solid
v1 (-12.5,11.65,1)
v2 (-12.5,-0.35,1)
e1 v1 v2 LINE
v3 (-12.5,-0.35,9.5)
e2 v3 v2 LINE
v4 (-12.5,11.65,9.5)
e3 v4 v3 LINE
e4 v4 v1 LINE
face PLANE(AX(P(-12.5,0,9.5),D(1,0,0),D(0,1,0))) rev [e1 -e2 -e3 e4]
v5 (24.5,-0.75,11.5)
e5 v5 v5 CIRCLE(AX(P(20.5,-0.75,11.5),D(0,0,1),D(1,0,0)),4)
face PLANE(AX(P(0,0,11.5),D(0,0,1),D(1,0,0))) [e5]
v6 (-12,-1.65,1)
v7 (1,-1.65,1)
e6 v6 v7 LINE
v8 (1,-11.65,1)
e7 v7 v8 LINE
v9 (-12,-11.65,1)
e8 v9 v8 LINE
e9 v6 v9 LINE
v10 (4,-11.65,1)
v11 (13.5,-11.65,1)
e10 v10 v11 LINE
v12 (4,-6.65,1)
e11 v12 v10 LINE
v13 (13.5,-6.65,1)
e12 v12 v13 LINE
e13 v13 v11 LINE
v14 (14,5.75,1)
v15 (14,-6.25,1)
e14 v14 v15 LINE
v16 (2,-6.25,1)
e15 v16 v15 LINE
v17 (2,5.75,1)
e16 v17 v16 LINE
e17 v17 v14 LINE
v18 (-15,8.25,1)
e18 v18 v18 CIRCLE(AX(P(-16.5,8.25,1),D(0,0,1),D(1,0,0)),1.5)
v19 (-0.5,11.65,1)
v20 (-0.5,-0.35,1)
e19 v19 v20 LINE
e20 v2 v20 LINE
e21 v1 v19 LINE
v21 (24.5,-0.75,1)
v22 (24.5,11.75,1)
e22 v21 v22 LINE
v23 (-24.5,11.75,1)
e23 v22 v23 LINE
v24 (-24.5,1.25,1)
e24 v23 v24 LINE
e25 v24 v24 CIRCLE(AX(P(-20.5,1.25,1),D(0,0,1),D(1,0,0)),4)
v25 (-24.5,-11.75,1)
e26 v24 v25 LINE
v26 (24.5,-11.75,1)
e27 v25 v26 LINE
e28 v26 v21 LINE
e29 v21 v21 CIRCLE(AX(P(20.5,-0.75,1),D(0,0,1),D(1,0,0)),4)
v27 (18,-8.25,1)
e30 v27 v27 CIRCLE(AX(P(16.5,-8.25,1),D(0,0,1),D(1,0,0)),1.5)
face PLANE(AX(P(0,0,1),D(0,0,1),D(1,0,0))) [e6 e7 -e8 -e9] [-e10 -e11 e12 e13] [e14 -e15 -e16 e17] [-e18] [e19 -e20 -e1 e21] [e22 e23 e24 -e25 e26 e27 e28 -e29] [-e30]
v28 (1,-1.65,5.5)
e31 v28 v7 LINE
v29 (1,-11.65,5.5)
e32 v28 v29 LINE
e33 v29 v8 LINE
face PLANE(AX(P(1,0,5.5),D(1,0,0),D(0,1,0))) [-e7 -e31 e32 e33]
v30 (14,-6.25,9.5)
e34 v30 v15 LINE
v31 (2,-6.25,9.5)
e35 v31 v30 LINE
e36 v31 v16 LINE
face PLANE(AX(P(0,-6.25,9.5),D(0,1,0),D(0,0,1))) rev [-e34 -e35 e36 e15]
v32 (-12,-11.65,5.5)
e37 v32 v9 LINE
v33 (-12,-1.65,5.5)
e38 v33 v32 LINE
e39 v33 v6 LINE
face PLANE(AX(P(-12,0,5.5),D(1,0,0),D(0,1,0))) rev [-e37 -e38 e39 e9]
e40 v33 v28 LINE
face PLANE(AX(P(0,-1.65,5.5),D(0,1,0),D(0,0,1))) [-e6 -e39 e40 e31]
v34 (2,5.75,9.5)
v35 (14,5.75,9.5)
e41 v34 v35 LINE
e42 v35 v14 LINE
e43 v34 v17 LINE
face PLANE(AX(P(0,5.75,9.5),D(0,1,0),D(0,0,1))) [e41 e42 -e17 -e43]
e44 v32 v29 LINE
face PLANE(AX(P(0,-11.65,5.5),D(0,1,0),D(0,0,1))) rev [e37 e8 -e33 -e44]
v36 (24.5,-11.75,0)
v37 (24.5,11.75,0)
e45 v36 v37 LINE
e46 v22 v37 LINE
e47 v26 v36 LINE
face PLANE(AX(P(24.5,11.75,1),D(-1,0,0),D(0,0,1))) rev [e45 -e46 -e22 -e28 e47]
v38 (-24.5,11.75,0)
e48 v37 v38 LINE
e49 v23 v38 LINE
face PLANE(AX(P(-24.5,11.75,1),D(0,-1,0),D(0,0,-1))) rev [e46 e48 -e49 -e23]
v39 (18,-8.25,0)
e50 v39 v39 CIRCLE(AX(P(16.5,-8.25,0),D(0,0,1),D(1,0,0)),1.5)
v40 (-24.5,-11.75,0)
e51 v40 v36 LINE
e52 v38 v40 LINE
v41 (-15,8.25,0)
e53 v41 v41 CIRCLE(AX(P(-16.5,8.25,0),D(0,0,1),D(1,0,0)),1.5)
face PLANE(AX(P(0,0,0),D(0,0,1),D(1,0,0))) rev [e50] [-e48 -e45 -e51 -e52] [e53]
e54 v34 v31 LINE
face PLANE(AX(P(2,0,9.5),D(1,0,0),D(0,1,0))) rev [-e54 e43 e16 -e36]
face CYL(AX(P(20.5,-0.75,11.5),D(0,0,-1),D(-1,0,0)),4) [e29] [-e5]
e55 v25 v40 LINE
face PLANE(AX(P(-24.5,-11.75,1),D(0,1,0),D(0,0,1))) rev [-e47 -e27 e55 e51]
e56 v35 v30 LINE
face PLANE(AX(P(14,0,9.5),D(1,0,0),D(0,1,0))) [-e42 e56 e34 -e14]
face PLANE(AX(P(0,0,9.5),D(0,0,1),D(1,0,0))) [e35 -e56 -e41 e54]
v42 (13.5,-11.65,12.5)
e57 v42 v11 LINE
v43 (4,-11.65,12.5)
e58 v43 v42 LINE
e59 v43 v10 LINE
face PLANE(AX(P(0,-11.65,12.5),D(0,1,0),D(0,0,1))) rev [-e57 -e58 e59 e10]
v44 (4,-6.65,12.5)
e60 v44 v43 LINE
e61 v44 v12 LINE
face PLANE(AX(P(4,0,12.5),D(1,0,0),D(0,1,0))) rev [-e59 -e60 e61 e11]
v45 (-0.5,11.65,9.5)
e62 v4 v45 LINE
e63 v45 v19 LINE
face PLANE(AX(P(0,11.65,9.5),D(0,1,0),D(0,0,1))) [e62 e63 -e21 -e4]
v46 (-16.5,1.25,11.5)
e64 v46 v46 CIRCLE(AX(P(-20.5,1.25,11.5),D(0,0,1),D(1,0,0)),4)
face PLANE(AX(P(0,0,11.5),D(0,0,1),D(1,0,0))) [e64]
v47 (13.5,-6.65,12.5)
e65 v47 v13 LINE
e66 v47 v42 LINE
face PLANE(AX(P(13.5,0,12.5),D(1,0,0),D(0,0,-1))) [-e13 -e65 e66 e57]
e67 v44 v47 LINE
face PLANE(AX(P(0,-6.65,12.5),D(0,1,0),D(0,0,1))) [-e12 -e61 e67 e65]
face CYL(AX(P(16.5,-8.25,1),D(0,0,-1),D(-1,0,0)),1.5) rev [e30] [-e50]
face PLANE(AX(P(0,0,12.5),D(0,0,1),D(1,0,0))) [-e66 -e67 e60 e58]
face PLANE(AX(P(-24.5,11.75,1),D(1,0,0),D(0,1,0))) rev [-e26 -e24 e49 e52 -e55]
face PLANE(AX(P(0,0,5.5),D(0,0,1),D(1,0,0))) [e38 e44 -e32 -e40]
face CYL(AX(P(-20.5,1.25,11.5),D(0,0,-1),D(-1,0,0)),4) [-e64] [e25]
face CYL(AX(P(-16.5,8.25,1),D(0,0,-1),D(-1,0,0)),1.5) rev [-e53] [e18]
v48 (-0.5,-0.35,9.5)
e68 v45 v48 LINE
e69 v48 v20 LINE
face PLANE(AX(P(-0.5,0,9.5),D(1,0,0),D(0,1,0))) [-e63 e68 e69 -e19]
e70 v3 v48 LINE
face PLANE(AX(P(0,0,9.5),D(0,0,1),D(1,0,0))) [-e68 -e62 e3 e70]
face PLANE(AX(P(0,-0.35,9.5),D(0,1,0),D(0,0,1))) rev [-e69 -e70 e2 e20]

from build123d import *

# Parameters (mm, degrees)
SKETCH_1_W         = 49
SKETCH_1_H         = 23.5
SKETCH_1_R         = 1.5
EXTRUDE_512_DEPTH  = 1
SKETCH_2_R         = 4
EXTRUDE_1244_DEPTH = 10.5
SKETCH_2_3_W       = 9.5
SKETCH_2_3_H       = 5
EXTRUDE_1289_DEPTH = 11.5
SKETCH_2_5_W       = 12
SKETCH_2_5_H       = 12
EXTRUDE_1429_DEPTH = 8.5
SKETCH_2_6_W       = 13
SKETCH_2_6_H       = 10
EXTRUDE_1653_DEPTH = 4.5


with BuildPart() as part:
    # Эскиз1 → Extrude 512 (new body)
    with BuildSketch(Plane.XY):
        Rectangle(SKETCH_1_W, SKETCH_1_H)
        with Locations((-16.5, 8.25)):
            Circle(SKETCH_1_R, mode=Mode.SUBTRACT)
        with Locations((16.5, -8.25)):
            Circle(SKETCH_1_R, mode=Mode.SUBTRACT)
    extrude(amount=EXTRUDE_512_DEPTH)

    # Эскиз2 → Extrude 1244 (add)
    with BuildSketch(Plane.XY.offset(1)):
        with Locations((-20.5, 1.25)):
            Circle(SKETCH_2_R)
        with Locations((20.5, -0.75)):
            Circle(SKETCH_2_R)
    extrude(amount=EXTRUDE_1244_DEPTH)

    # Эскиз2<3> → Extrude 1289 (add)
    with BuildSketch(Plane.XY.offset(1)):
        with Locations((8.75, -9.15)):
            Rectangle(SKETCH_2_3_W, SKETCH_2_3_H)
    extrude(amount=EXTRUDE_1289_DEPTH)

    # Эскиз2<5> → Extrude 1429 (add)
    with BuildSketch(Plane.XY.offset(1)):
        with Locations((-6.5, 5.65)):
            Rectangle(SKETCH_2_5_W, SKETCH_2_5_H)
        with Locations((8, -0.25)):
            Rectangle(SKETCH_2_5_W, SKETCH_2_5_H)
    extrude(amount=EXTRUDE_1429_DEPTH)

    # Эскиз2<6> → Extrude 1653 (add)
    with BuildSketch(Plane.XY.offset(1)):
        with Locations((-5.5, -6.65)):
            Rectangle(SKETCH_2_6_W, SKETCH_2_6_H)
    extrude(amount=EXTRUDE_1653_DEPTH)


solid = part.part
